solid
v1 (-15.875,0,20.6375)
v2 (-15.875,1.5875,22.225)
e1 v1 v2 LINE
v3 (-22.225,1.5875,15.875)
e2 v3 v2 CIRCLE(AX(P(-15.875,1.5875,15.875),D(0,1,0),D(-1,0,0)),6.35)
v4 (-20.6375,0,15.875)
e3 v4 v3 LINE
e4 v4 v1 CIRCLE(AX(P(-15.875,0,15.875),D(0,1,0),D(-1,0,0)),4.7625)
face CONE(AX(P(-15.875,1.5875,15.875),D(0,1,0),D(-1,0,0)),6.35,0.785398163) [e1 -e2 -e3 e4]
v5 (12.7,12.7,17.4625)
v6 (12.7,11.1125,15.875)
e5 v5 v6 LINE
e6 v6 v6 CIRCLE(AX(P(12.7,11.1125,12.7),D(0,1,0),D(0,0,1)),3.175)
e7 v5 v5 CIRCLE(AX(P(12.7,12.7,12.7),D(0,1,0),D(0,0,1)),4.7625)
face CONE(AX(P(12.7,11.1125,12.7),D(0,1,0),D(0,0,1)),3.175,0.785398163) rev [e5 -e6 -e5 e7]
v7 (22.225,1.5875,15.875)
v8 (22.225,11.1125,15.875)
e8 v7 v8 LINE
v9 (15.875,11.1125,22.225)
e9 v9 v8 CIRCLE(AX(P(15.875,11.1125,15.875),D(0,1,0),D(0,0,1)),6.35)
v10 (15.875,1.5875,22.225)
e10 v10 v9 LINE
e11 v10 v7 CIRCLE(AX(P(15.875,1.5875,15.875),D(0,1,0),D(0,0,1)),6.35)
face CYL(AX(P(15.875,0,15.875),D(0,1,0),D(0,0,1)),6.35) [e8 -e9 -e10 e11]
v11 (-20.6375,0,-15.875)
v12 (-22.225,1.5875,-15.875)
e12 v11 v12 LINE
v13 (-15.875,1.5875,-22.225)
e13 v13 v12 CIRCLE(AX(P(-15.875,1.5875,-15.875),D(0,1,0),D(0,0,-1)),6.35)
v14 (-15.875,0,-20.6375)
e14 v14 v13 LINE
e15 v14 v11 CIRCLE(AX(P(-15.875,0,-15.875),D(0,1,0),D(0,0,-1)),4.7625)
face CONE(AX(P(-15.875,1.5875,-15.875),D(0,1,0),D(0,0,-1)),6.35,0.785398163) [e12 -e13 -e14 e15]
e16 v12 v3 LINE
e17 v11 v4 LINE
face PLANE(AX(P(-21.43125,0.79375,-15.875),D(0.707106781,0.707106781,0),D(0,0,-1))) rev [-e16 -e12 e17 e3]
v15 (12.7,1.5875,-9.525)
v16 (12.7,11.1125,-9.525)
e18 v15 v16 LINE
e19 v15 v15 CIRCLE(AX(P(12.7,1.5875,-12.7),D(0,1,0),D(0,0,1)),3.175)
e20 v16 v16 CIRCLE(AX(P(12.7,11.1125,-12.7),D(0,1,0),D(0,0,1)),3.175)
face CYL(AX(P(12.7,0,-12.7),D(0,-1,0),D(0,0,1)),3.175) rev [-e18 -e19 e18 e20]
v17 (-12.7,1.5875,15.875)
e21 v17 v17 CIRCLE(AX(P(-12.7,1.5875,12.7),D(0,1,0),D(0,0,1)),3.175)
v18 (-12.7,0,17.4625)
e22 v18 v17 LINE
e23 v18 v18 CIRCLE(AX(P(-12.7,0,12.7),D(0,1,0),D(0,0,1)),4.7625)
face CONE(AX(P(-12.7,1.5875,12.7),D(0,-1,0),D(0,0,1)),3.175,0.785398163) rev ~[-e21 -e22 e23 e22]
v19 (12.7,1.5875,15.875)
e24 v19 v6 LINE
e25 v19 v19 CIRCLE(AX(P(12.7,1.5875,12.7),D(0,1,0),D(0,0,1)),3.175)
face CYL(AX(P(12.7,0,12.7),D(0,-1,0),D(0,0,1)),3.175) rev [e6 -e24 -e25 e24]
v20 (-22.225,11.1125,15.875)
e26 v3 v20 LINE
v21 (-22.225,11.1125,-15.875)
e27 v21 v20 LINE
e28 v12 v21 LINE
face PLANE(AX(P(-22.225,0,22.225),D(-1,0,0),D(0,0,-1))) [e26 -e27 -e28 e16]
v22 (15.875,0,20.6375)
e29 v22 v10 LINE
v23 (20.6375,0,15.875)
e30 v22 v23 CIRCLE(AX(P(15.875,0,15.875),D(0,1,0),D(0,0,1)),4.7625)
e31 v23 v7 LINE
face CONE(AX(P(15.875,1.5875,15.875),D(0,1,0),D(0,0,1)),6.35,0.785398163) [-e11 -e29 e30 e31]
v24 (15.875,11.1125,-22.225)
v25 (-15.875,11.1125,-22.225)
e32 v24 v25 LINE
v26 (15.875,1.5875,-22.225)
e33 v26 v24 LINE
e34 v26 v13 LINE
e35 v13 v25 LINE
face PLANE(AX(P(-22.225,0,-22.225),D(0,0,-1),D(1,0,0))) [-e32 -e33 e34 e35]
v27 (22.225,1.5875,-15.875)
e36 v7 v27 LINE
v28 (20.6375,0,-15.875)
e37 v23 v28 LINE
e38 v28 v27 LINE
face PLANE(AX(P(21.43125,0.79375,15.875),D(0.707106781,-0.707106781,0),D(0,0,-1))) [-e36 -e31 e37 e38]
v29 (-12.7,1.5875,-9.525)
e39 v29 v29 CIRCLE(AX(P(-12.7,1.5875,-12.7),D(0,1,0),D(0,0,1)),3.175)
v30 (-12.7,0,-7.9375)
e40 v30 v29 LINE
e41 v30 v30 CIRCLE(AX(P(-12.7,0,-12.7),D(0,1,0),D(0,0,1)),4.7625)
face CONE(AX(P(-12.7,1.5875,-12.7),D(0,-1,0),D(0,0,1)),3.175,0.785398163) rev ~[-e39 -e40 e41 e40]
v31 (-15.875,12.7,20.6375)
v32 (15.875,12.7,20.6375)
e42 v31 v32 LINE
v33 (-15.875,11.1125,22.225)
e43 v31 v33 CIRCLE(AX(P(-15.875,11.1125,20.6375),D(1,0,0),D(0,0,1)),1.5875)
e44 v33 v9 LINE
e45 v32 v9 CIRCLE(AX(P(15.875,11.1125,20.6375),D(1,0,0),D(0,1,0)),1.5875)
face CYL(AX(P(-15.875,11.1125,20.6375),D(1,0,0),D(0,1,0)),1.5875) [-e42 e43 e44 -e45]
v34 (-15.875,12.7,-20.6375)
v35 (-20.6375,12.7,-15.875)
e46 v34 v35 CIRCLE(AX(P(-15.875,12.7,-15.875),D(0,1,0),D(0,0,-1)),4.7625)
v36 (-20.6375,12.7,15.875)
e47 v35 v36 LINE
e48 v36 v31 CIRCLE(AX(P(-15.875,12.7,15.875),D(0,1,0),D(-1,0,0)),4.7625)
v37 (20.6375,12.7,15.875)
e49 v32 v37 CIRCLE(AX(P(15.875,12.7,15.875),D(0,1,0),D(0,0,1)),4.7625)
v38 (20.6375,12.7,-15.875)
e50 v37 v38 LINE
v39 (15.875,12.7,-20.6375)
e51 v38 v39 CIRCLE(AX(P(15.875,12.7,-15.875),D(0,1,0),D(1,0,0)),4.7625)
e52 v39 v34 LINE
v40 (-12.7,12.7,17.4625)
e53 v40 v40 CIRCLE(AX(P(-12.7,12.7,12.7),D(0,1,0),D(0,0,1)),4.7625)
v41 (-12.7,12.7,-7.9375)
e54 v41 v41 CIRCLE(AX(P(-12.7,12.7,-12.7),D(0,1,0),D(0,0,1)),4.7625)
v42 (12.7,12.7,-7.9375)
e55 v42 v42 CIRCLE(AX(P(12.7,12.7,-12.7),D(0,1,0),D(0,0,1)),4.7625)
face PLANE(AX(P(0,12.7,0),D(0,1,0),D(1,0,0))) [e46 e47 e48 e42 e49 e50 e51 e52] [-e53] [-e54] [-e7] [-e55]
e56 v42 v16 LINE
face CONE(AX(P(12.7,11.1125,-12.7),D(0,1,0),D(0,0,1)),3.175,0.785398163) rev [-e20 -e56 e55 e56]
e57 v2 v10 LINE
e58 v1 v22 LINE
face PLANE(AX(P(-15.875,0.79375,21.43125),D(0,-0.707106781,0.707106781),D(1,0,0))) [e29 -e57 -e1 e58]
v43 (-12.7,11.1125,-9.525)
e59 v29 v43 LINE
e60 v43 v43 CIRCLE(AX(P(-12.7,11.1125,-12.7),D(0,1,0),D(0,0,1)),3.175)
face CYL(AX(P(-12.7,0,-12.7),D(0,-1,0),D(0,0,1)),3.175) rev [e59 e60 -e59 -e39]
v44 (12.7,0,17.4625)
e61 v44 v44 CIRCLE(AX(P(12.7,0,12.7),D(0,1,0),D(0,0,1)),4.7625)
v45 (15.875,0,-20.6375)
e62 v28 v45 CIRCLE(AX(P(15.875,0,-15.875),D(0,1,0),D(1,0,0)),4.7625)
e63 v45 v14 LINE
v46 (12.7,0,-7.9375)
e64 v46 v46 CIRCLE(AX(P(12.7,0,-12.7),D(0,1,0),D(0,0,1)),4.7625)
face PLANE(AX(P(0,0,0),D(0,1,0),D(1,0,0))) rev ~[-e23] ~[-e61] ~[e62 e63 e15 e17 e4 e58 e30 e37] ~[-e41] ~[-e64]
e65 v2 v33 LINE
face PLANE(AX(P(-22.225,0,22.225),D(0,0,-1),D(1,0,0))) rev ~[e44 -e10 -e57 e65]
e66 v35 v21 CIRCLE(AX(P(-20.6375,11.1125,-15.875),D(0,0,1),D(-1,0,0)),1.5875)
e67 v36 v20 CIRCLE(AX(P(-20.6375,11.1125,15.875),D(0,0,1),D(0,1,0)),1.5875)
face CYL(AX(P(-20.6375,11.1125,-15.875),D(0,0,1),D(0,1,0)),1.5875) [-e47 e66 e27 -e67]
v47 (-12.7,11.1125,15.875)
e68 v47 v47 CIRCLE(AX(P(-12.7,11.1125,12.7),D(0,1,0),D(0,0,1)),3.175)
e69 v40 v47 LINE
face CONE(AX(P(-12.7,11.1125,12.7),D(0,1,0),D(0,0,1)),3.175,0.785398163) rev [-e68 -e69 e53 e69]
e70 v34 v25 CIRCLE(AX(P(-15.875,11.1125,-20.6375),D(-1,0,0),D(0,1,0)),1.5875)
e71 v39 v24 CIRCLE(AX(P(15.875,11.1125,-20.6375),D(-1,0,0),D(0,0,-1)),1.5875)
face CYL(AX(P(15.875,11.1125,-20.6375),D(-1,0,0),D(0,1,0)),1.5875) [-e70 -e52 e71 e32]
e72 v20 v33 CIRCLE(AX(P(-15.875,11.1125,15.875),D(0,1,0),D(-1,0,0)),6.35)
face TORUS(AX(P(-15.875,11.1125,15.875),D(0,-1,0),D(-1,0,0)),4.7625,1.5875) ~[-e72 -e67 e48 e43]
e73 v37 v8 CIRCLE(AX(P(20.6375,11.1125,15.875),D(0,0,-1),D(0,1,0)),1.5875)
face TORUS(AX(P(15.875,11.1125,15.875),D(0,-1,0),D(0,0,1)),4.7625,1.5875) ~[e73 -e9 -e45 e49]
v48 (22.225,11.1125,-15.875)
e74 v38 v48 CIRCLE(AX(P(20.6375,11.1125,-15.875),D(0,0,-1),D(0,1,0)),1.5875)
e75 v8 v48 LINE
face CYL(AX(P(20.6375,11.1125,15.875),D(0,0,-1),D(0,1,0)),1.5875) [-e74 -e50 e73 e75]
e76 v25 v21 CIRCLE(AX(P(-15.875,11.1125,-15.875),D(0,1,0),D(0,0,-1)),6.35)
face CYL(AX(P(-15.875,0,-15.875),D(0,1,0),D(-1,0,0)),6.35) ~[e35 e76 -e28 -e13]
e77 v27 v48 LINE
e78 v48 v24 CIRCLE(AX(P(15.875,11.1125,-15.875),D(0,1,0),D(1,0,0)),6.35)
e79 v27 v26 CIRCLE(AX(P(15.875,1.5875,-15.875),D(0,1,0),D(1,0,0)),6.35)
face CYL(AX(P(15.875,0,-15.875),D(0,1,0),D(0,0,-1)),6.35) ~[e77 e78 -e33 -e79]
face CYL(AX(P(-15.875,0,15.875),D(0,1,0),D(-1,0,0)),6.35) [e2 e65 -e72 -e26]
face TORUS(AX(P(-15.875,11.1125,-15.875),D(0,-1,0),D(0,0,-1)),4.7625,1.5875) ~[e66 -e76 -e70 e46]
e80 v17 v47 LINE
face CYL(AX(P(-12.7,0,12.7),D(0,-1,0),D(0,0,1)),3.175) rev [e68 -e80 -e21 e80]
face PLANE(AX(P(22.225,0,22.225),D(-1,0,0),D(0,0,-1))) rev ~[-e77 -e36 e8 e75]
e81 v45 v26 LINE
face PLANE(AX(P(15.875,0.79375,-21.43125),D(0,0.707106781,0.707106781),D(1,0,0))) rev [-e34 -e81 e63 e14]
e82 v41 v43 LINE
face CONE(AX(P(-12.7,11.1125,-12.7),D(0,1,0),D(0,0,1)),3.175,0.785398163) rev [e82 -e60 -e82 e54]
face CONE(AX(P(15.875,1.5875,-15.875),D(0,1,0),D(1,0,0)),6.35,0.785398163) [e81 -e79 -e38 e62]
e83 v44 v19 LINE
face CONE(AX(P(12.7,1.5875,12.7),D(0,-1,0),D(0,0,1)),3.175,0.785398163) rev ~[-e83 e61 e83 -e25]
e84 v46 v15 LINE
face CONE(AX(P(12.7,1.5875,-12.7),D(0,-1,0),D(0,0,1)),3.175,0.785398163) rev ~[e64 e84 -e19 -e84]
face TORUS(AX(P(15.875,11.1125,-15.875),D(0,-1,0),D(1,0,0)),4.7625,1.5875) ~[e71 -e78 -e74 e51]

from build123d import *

# Parameters (mm, degrees)
SKETCH2_W           = 44.45
SKETCH2_H           = 44.45
SKETCH2_R           = 3.175
BOSS_EXTRUDE1_DEPTH = 12.7
FILLET1_R           = 6.35
FILLET2_R           = 1.5875
CHAMFER1_SIZE       = 1.5875


with BuildPart() as part:
    # Sketch2 → Boss-Extrude1 (new body)
    with BuildSketch(Plane(origin=(0, 0, 0), x_dir=(1, 0, 0), z_dir=(0, 1, 0))):
        Rectangle(SKETCH2_W, SKETCH2_H)
        with Locations(Location((-12.7, -12.7, 0), (0, 0, 270))):
            Circle(SKETCH2_R, mode=Mode.SUBTRACT)
        with Locations(Location((12.7, -12.7, 0), (0, 0, 270))):
            Circle(SKETCH2_R, mode=Mode.SUBTRACT)
        with Locations(Location((12.7, 12.7, 0), (0, 0, 270))):
            Circle(SKETCH2_R, mode=Mode.SUBTRACT)
        with Locations(Location((-12.7, 12.7, 0), (0, 0, 270))):
            Circle(SKETCH2_R, mode=Mode.SUBTRACT)
    extrude(amount=BOSS_EXTRUDE1_DEPTH)

    # Fillet1
    fillet1_edges = [part.edges().sort_by_distance(p)[0] for p in [
        (22.225, 6.35, 22.225),
        (-22.225, 6.35, 22.225),
        (-22.225, 6.35, -22.225),
        (22.225, 6.35, -22.225),
    ]]
    fillet(fillet1_edges, radius=FILLET1_R)

    # Fillet2
    fillet2_edges = [part.edges().sort_by_distance(p)[0] for p in [
        (22.225, 12.7, 0),
        (0, 12.7, 22.225),
        (0, 12.7, -22.225),
        (-22.225, 12.7, 0),
        (-20.365128061, 12.7, 20.365128061),
        (20.365128061, 12.7, -20.365128061),
        (-20.365128061, 12.7, -20.365128061),
        (20.365128061, 12.7, 20.365128061),
    ]]
    fillet(fillet2_edges, radius=FILLET2_R)

    # Chamfer1
    chamfer1_edges = [part.edges().sort_by_distance(p)[0] for p in [
        (-12.7, 0, 9.525),
        (-12.7, 12.7, 9.525),
        (12.7, 0, 9.525),
        (12.7, 12.7, 9.525),
        (12.7, 0, -15.875),
        (12.7, 12.7, -15.875),
        (-12.7, 0, -15.875),
        (-12.7, 12.7, -15.875),
        (22.225, 0, 0),
        (0, 0, 22.225),
        (-22.225, 0, 0),
        (0, 0, -22.225),
        (-20.365128061, 0, 20.365128061),
        (20.365128061, 0, -20.365128061),
        (-20.365128061, 0, -20.365128061),
        (20.365128061, 0, 20.365128061),
    ]]
    chamfer(chamfer1_edges, length=CHAMFER1_SIZE)


solid = part.part
